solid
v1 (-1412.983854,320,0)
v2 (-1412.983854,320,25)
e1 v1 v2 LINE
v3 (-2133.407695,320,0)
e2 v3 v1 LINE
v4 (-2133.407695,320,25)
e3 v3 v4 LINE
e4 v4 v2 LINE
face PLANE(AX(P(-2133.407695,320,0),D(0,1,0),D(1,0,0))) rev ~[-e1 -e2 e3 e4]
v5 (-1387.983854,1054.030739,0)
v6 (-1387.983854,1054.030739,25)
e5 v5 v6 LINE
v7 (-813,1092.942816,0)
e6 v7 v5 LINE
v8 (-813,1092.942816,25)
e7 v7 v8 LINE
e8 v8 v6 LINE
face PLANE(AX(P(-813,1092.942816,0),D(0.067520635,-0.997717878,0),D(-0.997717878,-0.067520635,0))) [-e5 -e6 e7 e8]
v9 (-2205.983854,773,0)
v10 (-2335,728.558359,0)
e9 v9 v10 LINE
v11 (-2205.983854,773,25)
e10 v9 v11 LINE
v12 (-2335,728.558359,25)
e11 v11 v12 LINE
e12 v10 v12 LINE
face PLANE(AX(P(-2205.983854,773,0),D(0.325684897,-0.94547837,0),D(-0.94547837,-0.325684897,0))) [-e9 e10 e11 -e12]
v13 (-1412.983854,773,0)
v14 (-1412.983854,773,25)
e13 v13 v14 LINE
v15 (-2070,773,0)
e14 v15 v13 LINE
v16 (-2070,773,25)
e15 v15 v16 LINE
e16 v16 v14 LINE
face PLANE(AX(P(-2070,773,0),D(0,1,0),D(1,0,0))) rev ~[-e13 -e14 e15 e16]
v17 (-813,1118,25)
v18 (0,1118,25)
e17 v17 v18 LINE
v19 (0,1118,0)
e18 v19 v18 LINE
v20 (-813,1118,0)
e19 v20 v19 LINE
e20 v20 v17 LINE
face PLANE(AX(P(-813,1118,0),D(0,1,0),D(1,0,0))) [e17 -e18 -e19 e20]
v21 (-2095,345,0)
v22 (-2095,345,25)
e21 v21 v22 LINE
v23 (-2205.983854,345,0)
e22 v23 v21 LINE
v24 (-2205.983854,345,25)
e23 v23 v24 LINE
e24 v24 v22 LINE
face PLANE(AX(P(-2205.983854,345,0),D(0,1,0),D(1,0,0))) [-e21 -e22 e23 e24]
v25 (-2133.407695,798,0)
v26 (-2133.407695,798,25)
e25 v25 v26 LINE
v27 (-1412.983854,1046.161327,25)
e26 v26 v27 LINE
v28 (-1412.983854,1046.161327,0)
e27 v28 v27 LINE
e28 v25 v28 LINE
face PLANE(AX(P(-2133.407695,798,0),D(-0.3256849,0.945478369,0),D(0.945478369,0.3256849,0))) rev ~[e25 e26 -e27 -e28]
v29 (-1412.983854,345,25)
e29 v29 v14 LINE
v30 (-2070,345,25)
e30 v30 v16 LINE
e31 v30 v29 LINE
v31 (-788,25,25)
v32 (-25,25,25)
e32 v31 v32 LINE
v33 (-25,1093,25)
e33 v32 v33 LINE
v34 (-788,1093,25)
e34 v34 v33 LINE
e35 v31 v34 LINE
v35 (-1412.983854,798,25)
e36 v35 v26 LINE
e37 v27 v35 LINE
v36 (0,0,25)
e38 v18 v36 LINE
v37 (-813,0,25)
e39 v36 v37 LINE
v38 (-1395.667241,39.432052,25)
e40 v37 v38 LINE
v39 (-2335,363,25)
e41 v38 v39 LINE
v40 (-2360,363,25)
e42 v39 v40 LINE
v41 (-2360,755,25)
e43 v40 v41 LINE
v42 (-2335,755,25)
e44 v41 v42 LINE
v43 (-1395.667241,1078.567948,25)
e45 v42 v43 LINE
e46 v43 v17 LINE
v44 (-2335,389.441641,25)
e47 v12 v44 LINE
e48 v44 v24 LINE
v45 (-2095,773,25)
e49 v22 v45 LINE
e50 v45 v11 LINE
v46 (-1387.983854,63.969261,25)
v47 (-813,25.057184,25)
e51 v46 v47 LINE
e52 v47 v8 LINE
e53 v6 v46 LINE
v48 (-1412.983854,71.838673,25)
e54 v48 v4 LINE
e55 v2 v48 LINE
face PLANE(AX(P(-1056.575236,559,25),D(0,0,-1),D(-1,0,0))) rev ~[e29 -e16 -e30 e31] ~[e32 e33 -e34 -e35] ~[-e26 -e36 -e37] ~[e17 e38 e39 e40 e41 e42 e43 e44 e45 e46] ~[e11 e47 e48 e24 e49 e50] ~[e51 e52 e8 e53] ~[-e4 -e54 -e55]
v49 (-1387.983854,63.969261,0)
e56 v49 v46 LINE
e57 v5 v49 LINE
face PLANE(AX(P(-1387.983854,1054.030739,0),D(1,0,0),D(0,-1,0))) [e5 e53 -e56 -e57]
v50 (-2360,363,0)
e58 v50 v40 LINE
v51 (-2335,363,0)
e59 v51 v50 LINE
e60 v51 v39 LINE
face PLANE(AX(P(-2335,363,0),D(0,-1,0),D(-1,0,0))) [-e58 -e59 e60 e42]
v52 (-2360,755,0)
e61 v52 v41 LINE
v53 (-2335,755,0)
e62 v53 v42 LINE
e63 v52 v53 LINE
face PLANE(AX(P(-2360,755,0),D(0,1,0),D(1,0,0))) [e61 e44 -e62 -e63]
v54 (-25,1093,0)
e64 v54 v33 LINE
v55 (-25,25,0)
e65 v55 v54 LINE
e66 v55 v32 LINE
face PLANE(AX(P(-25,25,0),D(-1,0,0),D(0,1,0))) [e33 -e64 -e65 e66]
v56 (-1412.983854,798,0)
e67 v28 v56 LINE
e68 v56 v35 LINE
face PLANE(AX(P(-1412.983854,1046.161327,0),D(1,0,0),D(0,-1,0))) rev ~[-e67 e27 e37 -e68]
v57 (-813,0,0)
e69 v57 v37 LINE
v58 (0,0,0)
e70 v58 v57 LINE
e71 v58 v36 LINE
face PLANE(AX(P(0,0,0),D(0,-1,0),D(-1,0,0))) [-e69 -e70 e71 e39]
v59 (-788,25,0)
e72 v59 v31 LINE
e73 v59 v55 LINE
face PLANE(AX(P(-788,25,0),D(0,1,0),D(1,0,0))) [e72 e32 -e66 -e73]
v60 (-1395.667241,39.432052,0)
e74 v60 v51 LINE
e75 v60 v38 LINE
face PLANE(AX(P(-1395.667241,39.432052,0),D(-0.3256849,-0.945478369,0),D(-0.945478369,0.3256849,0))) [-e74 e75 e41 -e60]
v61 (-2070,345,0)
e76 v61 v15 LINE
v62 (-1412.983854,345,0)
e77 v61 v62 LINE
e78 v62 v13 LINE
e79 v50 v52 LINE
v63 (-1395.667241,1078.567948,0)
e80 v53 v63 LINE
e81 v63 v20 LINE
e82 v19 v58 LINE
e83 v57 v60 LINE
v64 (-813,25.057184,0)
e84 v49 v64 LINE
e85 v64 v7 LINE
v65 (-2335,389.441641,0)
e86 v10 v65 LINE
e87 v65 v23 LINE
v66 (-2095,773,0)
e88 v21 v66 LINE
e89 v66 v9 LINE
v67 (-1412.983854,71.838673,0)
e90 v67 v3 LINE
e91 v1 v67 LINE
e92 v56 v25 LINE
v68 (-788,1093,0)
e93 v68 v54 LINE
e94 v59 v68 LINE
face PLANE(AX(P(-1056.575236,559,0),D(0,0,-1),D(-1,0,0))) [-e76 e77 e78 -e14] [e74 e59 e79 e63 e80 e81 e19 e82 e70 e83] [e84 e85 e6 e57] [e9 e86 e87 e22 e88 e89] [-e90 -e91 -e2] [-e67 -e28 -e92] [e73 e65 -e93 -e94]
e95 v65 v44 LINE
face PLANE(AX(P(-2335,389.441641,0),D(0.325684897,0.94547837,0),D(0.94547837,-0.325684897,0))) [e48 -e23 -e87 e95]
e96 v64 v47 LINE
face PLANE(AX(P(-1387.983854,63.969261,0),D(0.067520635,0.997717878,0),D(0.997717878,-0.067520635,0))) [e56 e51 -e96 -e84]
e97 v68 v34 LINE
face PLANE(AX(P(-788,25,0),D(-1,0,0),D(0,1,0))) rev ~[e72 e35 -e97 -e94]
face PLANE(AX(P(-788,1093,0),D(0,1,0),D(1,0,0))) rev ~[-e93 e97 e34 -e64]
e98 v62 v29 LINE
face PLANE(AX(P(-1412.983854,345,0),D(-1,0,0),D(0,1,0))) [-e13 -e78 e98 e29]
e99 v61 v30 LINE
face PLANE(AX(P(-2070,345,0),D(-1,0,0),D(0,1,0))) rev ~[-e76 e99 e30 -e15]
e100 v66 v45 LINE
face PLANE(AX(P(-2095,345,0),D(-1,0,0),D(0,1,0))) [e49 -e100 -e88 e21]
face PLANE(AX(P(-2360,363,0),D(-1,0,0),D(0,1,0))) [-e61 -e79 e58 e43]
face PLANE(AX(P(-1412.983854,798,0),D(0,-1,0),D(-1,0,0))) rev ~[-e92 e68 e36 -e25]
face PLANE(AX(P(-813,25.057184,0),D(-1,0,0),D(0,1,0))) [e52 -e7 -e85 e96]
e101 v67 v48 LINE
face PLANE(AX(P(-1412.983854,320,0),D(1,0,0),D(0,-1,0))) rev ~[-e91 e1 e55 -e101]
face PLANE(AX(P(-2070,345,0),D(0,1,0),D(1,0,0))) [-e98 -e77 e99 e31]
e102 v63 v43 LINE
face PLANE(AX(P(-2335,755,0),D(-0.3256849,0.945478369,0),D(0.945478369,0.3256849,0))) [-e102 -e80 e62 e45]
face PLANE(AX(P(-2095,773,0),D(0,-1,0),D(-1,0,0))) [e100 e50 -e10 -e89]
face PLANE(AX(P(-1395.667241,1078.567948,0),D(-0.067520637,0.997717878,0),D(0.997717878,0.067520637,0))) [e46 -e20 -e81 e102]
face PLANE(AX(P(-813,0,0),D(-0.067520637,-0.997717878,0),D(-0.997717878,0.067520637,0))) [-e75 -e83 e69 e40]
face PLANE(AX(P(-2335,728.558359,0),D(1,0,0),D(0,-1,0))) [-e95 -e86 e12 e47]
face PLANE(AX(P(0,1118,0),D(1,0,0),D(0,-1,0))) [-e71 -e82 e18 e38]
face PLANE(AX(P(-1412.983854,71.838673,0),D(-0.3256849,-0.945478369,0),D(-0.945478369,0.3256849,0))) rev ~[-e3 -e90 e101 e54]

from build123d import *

# Parameters (mm, degrees)
SKETCH_W   = 657.016146
SKETCH_H   = 428
SKETCH_W_2 = 763
SKETCH_H_2 = 1068
PAD_DEPTH  = 25


with BuildPart() as part:
    # Sketch → Pad (new body)
    with BuildSketch(Plane.XY):
        Polygon((0, 0), (-813, 0), (-1395.667241, 39.432052), (-2335, 363), (-2360, 363), (-2360, 755), (-2335, 755), (-1395.667241, 1078.567948), (-813, 1118), (0, 1118), align=None)
        Polygon((-2335, 728.558359), (-2335, 389.441641), (-2205.983854, 345), (-2095, 345), (-2095, 773), (-2205.983854, 773), align=None, mode=Mode.SUBTRACT)
        with Locations((-1741.491927, 559)):
            Rectangle(SKETCH_W, SKETCH_H, mode=Mode.SUBTRACT)
        Polygon((-2133.407695, 798), (-1412.983854, 1046.161327), (-1412.983854, 798), align=None, mode=Mode.SUBTRACT)
        Polygon((-2133.407695, 320), (-1412.983854, 320), (-1412.983854, 71.838673), align=None, mode=Mode.SUBTRACT)
        Polygon((-1387.983854, 1054.030739), (-1387.983854, 63.969261), (-813, 25.057184), (-813, 1092.942816), align=None, mode=Mode.SUBTRACT)
        with Locations((-406.5, 559)):
            Rectangle(SKETCH_W_2, SKETCH_H_2, mode=Mode.SUBTRACT)
    extrude(amount=PAD_DEPTH)


solid = part.part
